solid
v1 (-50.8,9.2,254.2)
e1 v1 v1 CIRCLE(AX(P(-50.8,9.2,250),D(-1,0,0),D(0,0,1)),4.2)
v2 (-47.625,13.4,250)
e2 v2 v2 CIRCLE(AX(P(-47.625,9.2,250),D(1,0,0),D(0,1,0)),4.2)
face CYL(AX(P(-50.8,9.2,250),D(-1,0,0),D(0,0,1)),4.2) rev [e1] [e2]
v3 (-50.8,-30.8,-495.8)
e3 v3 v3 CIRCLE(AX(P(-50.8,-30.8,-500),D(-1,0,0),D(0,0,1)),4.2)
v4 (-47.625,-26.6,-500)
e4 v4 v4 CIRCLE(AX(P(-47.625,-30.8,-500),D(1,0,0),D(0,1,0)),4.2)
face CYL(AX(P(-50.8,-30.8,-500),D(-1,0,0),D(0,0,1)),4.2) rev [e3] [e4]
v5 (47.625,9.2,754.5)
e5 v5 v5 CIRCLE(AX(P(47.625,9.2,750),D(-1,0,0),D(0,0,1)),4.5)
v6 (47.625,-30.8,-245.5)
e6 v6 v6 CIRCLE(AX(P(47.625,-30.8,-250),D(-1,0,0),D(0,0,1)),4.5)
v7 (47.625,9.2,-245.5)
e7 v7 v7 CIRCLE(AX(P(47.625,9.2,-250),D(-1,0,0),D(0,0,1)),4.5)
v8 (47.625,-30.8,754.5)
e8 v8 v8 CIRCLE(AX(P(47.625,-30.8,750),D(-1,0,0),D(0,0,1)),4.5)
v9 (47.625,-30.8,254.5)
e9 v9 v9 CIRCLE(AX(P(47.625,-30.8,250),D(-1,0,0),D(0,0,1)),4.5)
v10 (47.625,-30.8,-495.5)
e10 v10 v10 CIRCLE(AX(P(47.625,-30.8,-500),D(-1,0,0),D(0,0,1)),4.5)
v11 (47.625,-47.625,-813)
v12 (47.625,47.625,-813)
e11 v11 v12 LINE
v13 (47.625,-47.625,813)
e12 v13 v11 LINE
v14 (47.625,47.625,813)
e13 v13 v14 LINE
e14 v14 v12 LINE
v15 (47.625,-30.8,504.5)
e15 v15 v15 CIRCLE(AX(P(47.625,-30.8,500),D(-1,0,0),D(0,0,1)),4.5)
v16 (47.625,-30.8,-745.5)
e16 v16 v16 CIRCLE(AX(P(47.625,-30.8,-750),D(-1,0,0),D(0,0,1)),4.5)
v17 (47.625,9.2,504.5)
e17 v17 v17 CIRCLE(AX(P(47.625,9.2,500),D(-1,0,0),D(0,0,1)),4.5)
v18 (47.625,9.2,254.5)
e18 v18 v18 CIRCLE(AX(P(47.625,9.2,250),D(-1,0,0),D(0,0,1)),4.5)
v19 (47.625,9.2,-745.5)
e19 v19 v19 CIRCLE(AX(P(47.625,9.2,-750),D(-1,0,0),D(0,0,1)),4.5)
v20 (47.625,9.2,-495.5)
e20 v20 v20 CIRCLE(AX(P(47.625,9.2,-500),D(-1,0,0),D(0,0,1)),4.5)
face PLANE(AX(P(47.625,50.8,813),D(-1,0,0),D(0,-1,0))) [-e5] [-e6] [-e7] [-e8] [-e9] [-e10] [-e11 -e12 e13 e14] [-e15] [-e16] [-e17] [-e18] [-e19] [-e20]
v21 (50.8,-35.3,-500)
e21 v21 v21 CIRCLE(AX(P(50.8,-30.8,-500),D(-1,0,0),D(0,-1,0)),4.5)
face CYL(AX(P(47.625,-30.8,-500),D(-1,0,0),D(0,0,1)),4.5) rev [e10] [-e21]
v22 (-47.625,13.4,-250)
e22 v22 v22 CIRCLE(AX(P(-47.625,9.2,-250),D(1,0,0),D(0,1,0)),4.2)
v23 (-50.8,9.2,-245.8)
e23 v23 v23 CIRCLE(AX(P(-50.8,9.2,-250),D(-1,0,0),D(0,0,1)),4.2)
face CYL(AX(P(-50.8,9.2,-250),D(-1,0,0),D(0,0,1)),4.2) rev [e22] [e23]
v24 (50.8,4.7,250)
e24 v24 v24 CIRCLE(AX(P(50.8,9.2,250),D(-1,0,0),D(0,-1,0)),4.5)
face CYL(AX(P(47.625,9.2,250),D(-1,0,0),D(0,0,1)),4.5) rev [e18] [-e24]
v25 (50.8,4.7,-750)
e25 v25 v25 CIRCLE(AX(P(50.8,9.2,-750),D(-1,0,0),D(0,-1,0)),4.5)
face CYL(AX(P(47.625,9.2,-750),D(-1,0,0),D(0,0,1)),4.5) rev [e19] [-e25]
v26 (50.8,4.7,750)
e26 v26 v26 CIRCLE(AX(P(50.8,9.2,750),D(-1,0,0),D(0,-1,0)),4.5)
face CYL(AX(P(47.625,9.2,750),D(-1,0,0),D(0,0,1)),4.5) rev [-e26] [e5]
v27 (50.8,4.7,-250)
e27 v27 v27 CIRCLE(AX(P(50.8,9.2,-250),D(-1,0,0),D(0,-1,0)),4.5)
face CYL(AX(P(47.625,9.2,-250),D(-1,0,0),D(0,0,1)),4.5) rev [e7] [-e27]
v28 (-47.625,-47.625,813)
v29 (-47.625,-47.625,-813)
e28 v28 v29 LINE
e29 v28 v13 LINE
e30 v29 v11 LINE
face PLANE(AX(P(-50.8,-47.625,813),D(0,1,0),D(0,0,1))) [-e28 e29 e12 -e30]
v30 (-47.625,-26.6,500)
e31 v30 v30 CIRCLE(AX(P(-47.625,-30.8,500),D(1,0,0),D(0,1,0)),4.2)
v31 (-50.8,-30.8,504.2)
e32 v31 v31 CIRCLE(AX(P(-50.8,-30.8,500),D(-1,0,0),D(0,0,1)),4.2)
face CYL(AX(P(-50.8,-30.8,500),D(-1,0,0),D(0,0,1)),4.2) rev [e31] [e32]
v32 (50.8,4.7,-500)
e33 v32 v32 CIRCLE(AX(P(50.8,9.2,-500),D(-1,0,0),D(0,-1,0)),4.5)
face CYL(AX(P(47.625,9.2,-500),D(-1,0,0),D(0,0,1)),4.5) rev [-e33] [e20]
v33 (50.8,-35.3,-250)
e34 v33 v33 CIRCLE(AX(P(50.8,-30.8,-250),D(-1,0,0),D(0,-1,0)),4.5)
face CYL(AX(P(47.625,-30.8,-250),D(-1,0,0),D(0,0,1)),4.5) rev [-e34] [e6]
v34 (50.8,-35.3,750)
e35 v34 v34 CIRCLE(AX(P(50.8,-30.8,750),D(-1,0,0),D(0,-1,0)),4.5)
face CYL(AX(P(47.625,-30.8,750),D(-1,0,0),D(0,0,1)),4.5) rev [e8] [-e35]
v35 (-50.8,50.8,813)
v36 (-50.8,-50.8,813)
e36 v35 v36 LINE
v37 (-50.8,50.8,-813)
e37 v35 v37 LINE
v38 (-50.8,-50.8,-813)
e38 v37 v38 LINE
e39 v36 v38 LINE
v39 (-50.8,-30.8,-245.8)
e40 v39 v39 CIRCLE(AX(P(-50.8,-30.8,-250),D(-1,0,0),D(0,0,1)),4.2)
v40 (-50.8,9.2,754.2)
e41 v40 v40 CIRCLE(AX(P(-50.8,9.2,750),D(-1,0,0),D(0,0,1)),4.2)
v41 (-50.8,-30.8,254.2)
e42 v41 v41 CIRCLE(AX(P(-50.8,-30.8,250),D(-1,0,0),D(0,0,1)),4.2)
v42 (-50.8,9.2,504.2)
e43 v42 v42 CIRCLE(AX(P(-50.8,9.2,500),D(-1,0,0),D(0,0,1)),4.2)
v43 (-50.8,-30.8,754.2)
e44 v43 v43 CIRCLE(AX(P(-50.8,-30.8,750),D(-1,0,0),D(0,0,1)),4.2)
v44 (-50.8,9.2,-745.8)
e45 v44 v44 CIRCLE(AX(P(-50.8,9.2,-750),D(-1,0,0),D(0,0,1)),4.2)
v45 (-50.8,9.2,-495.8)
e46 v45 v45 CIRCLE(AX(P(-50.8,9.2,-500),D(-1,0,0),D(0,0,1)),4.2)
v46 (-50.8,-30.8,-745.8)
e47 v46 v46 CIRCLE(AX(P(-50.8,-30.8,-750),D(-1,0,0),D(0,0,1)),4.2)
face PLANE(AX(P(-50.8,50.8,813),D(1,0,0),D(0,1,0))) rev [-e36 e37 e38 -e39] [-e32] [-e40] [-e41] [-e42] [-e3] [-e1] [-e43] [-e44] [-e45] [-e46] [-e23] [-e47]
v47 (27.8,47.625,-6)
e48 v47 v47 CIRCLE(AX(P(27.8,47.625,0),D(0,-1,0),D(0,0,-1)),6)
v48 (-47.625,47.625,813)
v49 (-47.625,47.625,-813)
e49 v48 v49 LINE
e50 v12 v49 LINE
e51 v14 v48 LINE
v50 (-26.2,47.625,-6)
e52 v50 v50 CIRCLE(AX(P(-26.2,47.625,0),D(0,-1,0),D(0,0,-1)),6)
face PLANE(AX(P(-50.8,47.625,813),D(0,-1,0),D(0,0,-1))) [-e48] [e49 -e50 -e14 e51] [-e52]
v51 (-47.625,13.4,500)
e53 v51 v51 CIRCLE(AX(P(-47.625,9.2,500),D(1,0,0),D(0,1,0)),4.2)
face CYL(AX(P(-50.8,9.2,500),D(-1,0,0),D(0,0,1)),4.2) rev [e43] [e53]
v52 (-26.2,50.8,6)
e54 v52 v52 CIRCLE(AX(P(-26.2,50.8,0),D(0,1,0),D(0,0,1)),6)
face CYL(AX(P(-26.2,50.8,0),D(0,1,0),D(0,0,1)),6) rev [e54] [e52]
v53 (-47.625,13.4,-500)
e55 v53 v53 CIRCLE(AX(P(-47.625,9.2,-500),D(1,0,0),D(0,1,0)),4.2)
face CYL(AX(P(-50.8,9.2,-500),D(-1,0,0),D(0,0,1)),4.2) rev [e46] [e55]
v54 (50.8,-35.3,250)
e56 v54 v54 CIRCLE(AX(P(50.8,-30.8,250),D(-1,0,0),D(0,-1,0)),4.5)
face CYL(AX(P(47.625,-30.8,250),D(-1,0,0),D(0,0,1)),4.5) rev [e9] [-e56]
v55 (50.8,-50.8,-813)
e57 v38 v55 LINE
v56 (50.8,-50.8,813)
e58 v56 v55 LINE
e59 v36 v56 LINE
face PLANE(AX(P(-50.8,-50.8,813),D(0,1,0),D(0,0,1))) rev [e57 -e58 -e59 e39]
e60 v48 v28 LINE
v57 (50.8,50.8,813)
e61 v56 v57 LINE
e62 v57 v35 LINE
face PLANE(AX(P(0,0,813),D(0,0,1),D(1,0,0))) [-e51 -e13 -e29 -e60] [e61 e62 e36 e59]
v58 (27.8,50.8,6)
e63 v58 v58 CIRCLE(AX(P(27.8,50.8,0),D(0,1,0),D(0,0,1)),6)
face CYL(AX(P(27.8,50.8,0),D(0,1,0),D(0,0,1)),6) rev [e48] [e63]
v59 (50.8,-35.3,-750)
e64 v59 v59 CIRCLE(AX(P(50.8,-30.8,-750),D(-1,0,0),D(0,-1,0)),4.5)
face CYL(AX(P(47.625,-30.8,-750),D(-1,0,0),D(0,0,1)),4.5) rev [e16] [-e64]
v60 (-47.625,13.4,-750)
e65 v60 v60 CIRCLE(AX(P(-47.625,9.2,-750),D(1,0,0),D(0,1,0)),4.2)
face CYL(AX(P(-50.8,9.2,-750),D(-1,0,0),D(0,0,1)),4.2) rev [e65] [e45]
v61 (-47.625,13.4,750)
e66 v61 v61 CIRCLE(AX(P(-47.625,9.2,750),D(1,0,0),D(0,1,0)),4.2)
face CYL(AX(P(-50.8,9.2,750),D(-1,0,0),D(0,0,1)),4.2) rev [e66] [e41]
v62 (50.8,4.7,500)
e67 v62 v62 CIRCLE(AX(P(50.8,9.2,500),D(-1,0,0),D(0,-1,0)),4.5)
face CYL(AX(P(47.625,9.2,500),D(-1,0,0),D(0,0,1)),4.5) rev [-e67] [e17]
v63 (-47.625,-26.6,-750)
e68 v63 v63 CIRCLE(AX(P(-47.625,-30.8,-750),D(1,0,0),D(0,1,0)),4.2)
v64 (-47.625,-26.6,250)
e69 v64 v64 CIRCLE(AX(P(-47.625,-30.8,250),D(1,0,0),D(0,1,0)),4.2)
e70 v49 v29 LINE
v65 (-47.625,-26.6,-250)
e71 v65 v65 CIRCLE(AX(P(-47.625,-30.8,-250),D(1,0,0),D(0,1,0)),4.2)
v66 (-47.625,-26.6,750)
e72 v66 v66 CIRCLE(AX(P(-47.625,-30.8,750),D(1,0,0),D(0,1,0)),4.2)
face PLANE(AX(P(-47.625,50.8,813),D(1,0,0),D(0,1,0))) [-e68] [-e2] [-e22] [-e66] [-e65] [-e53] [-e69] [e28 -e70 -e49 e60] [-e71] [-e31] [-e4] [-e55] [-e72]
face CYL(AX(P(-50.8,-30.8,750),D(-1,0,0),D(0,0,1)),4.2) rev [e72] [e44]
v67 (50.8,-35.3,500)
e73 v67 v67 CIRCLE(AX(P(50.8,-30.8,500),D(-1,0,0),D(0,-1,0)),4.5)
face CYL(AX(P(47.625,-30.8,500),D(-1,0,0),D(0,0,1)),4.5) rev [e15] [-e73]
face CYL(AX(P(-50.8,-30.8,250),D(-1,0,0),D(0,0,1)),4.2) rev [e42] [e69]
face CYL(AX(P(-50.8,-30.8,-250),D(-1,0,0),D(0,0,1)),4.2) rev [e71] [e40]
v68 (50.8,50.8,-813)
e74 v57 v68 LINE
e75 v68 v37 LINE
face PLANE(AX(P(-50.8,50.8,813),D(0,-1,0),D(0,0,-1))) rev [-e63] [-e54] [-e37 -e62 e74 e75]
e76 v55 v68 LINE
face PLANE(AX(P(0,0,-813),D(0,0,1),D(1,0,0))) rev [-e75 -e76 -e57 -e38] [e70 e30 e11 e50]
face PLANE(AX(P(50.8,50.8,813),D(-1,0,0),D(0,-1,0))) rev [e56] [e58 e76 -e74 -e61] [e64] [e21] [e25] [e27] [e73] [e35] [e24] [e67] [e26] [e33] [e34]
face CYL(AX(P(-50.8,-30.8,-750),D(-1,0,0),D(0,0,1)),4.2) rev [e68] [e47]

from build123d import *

# Parameters (mm, degrees)
SKETCH1_W                      = 101.6
SKETCH1_H                      = 101.6
SKETCH1_W_2                    = 95.25
SKETCH1_H_2                    = 95.25
EXTRUDE_THIN1_DEPTH            = 813
M8_CLEARANCE_HOLE2_D           = 8.4
M8_CLEARANCE_HOLE2_DEPTH       = 3.175
M8_CLEARANCE_HOLE1_D           = 9
M8_CLEARANCE_HOLE1_DEPTH       = 3.175
LPATTERN1_COUNT                = 7
LPATTERN1_PITCH                = 250
F_12_0_12_DIAMETER_HOLE1_D     = 12
F_12_0_12_DIAMETER_HOLE1_DEPTH = 3.175


with BuildPart() as part:
    # Sketch1 → Extrude-Thin1 (new, symmetric)
    with BuildSketch(Plane.XY):
        Rectangle(SKETCH1_W, SKETCH1_H)
        Rectangle(SKETCH1_W_2, SKETCH1_H_2, mode=Mode.SUBTRACT)
    extrude(amount=EXTRUDE_THIN1_DEPTH, both=True)

    # M8 Clearance Hole2
    with Locations(Plane.ZY.offset(50.8)):
        with Locations((750, 9.2), (750, -30.8)):
            m8_clearance_hole2 = Hole(M8_CLEARANCE_HOLE2_D / 2, depth=M8_CLEARANCE_HOLE2_DEPTH)

    # M8 Clearance Hole1
    with Locations(Plane.ZY.offset(-47.625)):
        with Locations((750, 9.2), (750, -30.8)):
            m8_clearance_hole1 = Hole(M8_CLEARANCE_HOLE1_D / 2, depth=M8_CLEARANCE_HOLE1_DEPTH)

    # LPattern1: M8 Clearance Hole2, M8 Clearance Hole1 ×7, 1 skipped
    with Locations(*[(0, 0, -i * LPATTERN1_PITCH) for i in range(1, LPATTERN1_COUNT) if i not in (3,)]):
        add(m8_clearance_hole2, mode=Mode.SUBTRACT)
        add(m8_clearance_hole1, mode=Mode.SUBTRACT)

    # Ø12.0 (12) Diameter Hole1
    with Locations(Plane(origin=(0, 50.8, 0), x_dir=(1, 0, 0), z_dir=(0, 1, 0))):
        with Locations((-26.2, 0), (27.8, 0)):
            Hole(F_12_0_12_DIAMETER_HOLE1_D / 2, depth=F_12_0_12_DIAMETER_HOLE1_DEPTH)


solid = part.part
